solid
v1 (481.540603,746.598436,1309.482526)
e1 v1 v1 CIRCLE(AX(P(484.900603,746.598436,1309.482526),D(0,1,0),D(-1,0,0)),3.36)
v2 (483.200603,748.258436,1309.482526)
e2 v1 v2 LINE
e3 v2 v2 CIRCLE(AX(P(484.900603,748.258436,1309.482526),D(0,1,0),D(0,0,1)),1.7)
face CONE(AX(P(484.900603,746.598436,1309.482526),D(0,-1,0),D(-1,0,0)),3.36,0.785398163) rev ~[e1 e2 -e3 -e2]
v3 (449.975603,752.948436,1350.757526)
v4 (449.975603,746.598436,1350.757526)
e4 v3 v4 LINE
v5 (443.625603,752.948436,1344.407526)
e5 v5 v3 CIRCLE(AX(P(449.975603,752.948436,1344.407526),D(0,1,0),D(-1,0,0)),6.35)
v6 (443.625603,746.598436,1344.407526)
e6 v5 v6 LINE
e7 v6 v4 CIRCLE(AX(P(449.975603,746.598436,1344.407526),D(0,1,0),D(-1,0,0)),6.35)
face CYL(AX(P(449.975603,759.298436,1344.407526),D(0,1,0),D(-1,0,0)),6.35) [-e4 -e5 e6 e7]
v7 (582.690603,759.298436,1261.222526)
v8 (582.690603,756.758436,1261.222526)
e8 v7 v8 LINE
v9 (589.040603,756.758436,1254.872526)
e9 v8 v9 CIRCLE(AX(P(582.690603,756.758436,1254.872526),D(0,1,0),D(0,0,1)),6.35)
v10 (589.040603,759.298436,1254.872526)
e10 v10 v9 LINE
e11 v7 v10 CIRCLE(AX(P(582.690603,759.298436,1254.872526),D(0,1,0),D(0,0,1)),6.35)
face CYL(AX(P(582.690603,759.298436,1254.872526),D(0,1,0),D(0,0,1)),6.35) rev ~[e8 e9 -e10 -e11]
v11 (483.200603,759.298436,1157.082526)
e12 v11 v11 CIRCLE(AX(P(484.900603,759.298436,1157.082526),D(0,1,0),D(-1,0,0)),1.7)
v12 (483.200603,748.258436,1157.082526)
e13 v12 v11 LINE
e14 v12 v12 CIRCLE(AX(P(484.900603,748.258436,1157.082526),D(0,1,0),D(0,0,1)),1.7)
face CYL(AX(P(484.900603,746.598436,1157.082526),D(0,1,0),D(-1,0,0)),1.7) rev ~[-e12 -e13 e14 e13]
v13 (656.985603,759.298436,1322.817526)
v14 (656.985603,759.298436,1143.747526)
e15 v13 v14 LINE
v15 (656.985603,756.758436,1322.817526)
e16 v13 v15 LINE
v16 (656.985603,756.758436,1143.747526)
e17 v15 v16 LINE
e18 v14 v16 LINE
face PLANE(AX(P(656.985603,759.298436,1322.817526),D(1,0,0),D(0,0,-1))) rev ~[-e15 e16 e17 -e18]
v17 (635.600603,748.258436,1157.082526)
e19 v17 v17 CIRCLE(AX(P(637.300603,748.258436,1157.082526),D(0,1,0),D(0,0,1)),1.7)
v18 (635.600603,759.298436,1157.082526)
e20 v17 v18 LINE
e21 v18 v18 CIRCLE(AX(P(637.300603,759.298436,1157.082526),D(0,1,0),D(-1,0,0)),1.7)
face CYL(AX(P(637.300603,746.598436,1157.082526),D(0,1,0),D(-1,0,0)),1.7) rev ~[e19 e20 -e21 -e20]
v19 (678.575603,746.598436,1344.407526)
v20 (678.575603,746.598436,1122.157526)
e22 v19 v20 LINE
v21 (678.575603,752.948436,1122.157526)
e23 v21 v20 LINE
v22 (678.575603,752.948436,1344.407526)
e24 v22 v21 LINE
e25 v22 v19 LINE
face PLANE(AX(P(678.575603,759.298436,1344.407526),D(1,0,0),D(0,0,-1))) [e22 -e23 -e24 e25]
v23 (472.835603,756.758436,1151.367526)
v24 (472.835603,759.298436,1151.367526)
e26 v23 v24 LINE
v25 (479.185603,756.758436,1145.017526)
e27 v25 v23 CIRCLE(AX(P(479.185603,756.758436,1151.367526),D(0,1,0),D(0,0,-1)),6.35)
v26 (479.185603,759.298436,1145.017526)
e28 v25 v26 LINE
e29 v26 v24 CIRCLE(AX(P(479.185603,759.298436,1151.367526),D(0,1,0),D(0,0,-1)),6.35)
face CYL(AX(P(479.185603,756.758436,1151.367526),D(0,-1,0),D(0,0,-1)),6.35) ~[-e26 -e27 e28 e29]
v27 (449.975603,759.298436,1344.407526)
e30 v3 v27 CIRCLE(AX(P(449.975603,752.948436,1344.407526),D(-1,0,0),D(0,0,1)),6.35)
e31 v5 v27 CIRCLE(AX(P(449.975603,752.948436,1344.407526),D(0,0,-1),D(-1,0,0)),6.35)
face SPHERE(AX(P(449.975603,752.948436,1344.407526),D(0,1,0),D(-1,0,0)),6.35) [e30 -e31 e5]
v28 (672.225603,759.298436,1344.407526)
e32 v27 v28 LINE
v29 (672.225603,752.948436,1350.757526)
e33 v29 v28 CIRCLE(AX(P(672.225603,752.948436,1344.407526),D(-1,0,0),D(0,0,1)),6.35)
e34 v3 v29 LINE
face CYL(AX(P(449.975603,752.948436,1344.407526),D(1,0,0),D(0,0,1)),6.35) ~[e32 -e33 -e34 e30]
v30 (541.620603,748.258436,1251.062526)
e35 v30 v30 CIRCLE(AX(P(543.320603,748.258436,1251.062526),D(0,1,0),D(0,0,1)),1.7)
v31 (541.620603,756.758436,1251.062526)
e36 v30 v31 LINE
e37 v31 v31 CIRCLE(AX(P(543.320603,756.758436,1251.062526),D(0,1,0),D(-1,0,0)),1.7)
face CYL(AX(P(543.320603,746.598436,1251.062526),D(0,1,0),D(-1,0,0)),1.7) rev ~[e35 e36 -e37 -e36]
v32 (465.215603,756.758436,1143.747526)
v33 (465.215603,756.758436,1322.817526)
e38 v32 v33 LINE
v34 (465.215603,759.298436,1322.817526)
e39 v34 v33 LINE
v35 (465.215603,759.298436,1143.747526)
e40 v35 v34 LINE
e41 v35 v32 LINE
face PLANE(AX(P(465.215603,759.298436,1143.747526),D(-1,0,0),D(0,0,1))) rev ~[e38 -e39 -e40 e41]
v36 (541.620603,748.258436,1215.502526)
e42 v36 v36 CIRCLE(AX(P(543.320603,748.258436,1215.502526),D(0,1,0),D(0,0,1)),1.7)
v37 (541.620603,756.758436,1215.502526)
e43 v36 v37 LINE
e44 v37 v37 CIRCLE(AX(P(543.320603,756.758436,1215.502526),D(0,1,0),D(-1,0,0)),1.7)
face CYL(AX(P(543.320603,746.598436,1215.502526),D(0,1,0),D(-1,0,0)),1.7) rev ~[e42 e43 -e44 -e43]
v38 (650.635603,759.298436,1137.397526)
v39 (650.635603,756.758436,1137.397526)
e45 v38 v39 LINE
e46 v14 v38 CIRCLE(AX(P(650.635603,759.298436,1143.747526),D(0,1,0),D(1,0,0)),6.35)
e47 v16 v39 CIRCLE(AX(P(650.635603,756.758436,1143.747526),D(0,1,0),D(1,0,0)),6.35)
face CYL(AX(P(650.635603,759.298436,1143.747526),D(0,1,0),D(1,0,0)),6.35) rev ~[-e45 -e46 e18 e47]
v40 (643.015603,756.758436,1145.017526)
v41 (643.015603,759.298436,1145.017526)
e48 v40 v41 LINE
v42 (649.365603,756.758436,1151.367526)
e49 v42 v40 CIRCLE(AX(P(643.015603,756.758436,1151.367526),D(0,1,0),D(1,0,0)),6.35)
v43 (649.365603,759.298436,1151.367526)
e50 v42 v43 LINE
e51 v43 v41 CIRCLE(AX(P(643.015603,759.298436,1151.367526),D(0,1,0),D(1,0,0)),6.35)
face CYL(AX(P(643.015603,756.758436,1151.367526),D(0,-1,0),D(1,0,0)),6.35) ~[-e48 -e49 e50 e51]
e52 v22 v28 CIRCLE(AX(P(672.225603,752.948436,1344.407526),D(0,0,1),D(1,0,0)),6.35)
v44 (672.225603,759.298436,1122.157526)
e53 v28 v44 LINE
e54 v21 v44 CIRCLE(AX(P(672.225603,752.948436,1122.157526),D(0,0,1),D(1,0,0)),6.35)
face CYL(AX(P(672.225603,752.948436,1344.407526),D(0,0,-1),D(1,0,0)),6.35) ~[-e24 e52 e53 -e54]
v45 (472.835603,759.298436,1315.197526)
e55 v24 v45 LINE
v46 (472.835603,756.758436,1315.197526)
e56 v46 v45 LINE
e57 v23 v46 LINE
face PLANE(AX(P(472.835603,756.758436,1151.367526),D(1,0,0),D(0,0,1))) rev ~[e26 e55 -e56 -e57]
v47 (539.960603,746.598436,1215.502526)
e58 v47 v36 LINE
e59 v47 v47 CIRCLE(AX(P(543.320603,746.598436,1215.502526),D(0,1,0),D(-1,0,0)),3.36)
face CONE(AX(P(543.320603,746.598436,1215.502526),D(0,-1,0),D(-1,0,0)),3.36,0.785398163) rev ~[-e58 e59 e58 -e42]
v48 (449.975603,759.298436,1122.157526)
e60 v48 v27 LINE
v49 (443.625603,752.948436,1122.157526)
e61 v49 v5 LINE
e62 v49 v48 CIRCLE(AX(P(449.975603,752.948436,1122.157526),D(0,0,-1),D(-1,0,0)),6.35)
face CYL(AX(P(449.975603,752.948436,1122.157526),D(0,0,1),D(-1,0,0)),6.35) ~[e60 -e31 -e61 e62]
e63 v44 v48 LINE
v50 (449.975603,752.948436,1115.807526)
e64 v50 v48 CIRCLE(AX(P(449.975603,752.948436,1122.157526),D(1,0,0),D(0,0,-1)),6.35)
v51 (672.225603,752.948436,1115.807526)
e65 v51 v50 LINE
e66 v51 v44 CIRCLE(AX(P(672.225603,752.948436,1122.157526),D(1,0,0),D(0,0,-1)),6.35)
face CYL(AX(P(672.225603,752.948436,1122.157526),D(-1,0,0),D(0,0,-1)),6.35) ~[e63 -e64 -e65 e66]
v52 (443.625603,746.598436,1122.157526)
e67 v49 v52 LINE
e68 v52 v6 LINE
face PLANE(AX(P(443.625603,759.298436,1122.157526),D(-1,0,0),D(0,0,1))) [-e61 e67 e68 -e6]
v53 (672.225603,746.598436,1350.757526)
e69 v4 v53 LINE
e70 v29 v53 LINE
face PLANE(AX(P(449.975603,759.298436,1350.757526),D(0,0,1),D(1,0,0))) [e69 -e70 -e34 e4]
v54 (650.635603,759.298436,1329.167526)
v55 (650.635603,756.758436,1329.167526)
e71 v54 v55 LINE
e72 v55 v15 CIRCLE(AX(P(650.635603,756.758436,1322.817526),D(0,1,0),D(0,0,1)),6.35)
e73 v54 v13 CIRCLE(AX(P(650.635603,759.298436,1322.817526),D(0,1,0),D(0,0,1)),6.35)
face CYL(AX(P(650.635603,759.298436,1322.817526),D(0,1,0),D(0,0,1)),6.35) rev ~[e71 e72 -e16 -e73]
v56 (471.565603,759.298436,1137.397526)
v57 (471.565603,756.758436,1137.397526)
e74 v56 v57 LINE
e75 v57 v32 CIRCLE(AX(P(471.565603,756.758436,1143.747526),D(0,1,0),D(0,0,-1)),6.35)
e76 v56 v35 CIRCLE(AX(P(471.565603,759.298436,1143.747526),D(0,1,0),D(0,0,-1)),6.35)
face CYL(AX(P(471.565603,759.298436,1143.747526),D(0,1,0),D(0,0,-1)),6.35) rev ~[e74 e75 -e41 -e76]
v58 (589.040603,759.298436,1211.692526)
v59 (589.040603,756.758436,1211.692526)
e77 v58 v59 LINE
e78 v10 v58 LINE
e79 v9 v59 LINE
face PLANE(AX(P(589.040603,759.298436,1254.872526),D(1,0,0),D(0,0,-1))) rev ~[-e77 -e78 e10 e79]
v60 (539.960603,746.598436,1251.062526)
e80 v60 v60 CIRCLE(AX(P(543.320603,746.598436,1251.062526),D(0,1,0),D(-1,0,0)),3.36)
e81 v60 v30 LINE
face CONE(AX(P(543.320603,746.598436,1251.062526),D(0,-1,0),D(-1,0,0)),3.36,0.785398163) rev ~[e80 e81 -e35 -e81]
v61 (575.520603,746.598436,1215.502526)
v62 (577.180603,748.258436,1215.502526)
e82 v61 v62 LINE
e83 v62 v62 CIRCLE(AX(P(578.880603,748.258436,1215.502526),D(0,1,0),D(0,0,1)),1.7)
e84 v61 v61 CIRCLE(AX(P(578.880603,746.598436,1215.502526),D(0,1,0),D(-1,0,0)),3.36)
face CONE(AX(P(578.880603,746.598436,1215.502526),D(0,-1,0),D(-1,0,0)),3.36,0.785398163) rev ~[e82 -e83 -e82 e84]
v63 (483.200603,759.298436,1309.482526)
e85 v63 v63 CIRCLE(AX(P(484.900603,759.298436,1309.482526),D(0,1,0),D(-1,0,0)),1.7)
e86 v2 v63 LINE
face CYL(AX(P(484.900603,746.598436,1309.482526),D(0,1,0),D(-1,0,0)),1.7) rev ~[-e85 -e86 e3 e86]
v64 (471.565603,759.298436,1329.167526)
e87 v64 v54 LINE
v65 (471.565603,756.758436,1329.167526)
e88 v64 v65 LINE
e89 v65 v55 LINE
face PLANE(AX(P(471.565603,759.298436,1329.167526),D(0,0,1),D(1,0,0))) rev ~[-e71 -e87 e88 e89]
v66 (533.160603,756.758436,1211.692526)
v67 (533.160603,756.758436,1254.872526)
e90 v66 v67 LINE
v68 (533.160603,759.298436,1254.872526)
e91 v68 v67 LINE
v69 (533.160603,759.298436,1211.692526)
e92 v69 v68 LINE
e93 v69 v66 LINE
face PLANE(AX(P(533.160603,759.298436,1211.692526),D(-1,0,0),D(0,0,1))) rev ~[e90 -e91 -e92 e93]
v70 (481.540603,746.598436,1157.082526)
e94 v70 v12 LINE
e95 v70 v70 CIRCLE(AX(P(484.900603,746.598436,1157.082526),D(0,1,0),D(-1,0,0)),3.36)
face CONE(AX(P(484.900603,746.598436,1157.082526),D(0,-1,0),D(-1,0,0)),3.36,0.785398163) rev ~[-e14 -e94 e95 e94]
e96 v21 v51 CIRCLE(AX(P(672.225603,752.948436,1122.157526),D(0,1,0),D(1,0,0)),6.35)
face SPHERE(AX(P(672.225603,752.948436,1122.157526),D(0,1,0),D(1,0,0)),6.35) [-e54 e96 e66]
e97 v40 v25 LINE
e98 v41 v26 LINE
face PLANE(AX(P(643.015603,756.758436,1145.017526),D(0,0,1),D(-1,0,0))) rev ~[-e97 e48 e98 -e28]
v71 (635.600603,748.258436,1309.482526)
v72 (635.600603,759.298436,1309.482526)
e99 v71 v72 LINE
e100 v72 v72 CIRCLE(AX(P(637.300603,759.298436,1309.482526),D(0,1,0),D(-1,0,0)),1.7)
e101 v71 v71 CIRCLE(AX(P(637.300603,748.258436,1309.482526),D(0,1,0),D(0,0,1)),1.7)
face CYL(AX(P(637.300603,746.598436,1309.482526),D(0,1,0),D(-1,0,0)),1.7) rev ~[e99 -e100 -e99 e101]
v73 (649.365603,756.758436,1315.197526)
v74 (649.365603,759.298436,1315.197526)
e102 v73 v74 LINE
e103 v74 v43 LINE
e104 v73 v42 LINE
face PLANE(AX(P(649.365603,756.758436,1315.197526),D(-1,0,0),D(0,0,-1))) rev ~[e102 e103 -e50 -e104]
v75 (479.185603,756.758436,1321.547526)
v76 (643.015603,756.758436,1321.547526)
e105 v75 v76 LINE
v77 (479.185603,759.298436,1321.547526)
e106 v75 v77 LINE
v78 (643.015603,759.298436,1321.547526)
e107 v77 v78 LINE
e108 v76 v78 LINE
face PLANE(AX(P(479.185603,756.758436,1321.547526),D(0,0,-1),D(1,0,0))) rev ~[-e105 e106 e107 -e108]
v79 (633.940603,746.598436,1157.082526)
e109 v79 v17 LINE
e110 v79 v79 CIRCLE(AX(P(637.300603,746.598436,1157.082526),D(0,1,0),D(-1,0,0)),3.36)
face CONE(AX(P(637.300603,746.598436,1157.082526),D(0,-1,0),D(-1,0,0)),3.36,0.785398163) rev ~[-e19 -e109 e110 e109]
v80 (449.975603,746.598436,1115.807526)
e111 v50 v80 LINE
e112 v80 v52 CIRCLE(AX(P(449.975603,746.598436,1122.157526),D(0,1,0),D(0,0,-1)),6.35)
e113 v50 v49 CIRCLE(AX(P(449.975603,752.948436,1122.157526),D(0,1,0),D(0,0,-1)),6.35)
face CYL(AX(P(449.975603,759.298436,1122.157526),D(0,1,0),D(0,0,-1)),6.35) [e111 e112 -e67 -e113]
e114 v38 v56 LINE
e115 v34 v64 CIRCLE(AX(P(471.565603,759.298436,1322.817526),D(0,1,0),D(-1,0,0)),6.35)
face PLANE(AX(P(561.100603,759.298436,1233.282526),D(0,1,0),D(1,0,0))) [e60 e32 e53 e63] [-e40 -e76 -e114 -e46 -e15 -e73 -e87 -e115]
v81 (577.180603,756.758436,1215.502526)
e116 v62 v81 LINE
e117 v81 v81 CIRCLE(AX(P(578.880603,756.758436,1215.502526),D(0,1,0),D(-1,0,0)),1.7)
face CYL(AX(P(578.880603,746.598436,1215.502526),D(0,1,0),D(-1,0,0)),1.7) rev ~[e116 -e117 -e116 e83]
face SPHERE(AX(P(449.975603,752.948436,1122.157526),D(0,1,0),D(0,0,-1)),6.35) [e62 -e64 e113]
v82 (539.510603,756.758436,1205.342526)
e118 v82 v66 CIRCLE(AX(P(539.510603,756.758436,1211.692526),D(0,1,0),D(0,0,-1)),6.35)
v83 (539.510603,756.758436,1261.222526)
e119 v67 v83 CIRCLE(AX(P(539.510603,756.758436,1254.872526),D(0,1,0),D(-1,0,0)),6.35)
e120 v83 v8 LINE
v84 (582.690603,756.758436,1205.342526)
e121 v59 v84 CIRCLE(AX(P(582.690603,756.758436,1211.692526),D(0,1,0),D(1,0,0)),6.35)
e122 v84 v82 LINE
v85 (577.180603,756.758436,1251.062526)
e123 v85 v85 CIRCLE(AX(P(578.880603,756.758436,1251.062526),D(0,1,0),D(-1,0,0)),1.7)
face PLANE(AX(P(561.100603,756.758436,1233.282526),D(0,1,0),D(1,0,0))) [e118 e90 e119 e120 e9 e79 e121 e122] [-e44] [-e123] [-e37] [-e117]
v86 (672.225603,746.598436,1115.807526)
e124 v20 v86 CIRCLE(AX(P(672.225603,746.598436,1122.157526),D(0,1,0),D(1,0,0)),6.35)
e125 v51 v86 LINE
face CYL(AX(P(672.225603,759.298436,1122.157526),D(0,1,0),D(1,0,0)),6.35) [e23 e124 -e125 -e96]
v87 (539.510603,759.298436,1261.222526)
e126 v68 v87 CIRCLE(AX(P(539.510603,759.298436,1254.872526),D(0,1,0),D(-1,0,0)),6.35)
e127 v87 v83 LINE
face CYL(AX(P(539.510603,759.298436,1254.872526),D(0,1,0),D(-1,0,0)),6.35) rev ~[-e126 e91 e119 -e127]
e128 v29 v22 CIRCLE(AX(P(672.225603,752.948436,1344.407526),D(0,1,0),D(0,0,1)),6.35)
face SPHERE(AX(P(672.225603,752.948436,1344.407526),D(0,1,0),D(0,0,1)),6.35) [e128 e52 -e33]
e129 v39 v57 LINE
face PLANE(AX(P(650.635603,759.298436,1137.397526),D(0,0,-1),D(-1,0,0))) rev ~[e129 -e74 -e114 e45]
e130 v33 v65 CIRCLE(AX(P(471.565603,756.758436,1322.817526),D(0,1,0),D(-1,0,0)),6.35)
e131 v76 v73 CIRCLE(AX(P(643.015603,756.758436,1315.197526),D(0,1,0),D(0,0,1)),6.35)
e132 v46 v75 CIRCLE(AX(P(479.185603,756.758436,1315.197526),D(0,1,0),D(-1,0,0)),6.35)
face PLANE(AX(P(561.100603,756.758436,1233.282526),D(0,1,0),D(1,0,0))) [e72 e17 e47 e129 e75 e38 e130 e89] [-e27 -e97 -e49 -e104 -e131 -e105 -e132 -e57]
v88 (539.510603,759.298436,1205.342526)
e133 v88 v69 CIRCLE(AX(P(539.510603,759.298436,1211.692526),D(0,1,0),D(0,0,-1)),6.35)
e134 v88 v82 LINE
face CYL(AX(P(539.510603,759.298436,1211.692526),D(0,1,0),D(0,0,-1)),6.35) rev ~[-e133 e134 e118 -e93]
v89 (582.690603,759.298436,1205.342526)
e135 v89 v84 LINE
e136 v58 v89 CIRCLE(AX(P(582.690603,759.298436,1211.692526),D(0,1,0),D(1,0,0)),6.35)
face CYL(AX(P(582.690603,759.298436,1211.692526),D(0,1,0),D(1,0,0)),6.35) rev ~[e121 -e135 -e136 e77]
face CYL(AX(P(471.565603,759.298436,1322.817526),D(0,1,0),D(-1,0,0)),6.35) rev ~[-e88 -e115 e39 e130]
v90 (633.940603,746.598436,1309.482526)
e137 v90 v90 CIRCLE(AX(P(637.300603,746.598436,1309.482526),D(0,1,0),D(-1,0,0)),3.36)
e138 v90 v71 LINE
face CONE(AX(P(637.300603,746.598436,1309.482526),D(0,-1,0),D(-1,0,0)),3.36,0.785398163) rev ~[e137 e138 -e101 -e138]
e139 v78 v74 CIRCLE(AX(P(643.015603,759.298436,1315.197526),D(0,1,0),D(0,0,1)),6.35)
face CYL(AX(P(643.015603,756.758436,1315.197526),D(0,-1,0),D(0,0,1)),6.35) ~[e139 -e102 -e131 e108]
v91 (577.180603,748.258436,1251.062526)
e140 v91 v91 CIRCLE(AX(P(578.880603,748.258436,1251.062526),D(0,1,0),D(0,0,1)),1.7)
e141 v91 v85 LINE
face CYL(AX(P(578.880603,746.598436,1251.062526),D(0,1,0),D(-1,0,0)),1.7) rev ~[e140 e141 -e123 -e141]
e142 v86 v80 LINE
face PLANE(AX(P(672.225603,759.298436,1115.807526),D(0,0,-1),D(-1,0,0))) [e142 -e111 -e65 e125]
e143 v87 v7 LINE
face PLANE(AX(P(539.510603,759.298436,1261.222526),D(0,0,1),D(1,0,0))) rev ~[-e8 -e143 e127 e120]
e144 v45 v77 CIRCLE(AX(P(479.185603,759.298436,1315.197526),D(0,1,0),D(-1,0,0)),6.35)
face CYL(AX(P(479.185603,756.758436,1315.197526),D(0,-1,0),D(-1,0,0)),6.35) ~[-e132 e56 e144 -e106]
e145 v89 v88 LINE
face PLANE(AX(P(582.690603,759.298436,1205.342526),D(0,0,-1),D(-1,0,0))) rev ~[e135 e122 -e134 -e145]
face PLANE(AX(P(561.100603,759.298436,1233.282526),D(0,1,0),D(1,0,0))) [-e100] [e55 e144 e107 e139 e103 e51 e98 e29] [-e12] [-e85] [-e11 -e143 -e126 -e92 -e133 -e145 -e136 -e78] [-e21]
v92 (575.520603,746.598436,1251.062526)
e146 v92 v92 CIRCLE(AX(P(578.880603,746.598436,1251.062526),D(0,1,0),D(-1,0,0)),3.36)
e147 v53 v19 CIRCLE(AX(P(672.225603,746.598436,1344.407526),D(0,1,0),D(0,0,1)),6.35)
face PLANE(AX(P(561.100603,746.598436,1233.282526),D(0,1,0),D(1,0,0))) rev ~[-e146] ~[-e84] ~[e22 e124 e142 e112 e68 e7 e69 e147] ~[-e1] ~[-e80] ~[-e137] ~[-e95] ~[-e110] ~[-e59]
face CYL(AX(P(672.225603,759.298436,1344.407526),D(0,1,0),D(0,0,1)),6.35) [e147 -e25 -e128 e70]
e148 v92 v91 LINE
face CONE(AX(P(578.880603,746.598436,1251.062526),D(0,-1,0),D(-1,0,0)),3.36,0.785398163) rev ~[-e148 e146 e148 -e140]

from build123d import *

# Parameters (mm, degrees)
BOSS_EXTRUDE1_DEPTH                                  = 12.7
FILLET1_R                                            = 6.35
CUT_EXTRUDE1_DEPTH                                   = 2.54
BOSS_EXTRUDE2_DEPTH                                  = 2.54
CSK_FOR_M3_HEX_SOCKET_COUNTERSUNK_CAP_SC_D           = 3.4
CSK_FOR_M3_HEX_SOCKET_COUNTERSUNK_CAP_SC_CSINK_D     = 6.72
CSK_FOR_M3_HEX_SOCKET_COUNTERSUNK_CAP_SC_CSINK_ANGLE = 90
CUT_EXTRUDE2_DEPTH                                   = 2.54
CSK_FOR_M3_HEX_SOCKET_COUNTERSUNK_CA_2_D             = 3.4
CSK_FOR_M3_HEX_SOCKET_COUNTERSUNK_CA_2_CSINK_D       = 6.72
CSK_FOR_M3_HEX_SOCKET_COUNTERSUNK_CA_2_CSINK_ANGLE   = 90


with BuildPart() as part:
    # Sketch2 → Boss-Extrude1 (new body)
    with BuildSketch(Plane(origin=(0, 759.298436, 0), x_dir=(-1, 0, 0), z_dir=(0, -1, 0))):
        with BuildLine():
            Line((-449.975603201, -1350.757525912), (-672.225603201, -1350.757525912))
            ThreePointArc((-672.225603201, -1350.757525912), (-676.715731261, -1348.897653973), (-678.575603201, -1344.407525912))
            Line((-678.575603201, -1344.407525912), (-678.575603201, -1122.157525912))
            ThreePointArc((-678.575603201, -1122.157525912), (-676.715731261, -1117.667397852), (-672.225603201, -1115.807525912))
            Line((-672.225603201, -1115.807525912), (-449.975603201, -1115.807525912))
            ThreePointArc((-449.975603201, -1115.807525912), (-445.48547514, -1117.667397852), (-443.625603201, -1122.157525912))
            Line((-443.625603201, -1122.157525912), (-443.625603201, -1344.407525912))
            ThreePointArc((-443.625603201, -1344.407525912), (-445.48547514, -1348.897653973), (-449.975603201, -1350.757525912))
        make_face()
    extrude(amount=BOSS_EXTRUDE1_DEPTH)

    # Fillet1
    fillet1_edges = [part.edges().sort_by_distance(p)[0] for p in [
        (678.575603201, 759.298436, 1233.282525912),
        (676.715731261, 759.298436, 1117.667397852),
        (561.100603201, 759.298436, 1115.807525912),
        (445.48547514, 759.298436, 1117.667397852),
        (443.625603201, 759.298436, 1233.282525912),
        (445.48547514, 759.298436, 1348.897653973),
        (561.100603201, 759.298436, 1350.757525912),
        (676.715731261, 759.298436, 1348.897653973),
    ]]
    fillet(fillet1_edges, radius=FILLET1_R)

    # Sketch4 → Cut-Extrude1 (cut)
    with BuildSketch(Plane(origin=(0, 759.298436, 0), x_dir=(1, 0, 0), z_dir=(0, 1, 0))):
        with BuildLine():
            Line((471.565603201, -1329.167525912), (650.635603201, -1329.167525912))
            ThreePointArc((650.635603201, -1329.167525912), (655.125731261, -1327.307653973), (656.985603201, -1322.817525912))
            Line((656.985603201, -1322.817525912), (656.985603201, -1143.747525912))
            ThreePointArc((656.985603201, -1143.747525912), (655.125731261, -1139.257397852), (650.635603201, -1137.397525912))
            Line((650.635603201, -1137.397525912), (471.565603201, -1137.397525912))
            ThreePointArc((471.565603201, -1137.397525912), (467.07547514, -1139.257397852), (465.215603201, -1143.747525912))
            Line((465.215603201, -1143.747525912), (465.215603201, -1322.817525912))
            ThreePointArc((465.215603201, -1322.817525912), (467.07547514, -1327.307653973), (471.565603201, -1329.167525912))
        make_face()
    extrude(amount=-CUT_EXTRUDE1_DEPTH, mode=Mode.SUBTRACT)

    # Sketch5 → Boss-Extrude2 (add)
    with BuildSketch(Plane(origin=(0, 756.758436, 0), x_dir=(1, 0, 0), z_dir=(0, 1, 0))):
        with BuildLine():
            Line((479.185603201, -1321.547525912), (643.015603201, -1321.547525912))
            ThreePointArc((643.015603201, -1321.547525912), (647.505731261, -1319.687653973), (649.365603201, -1315.197525912))
            Line((649.365603201, -1315.197525912), (649.365603201, -1151.367525912))
            ThreePointArc((649.365603201, -1151.367525912), (647.505731261, -1146.877397852), (643.015603201, -1145.017525912))
            Line((643.015603201, -1145.017525912), (479.185603201, -1145.017525912))
            ThreePointArc((479.185603201, -1145.017525912), (474.69547514, -1146.877397852), (472.835603201, -1151.367525912))
            Line((472.835603201, -1151.367525912), (472.835603201, -1315.197525912))
            ThreePointArc((472.835603201, -1315.197525912), (474.69547514, -1319.687653973), (479.185603201, -1321.547525912))
        make_face()
    extrude(amount=BOSS_EXTRUDE2_DEPTH)

    # CSK for M3 Hex Socket Countersunk Cap Sc (through all)
    with Locations(Plane.XZ.offset(-746.598436)):
        with Locations((484.900603201, 1157.082525912), (484.900603201, 1309.482525912), (637.300603201, 1309.482525912), (637.300603201, 1157.082525912)):
            CounterSinkHole(CSK_FOR_M3_HEX_SOCKET_COUNTERSUNK_CAP_SC_D / 2, CSK_FOR_M3_HEX_SOCKET_COUNTERSUNK_CAP_SC_CSINK_D / 2, counter_sink_angle=CSK_FOR_M3_HEX_SOCKET_COUNTERSUNK_CAP_SC_CSINK_ANGLE)

    # Sketch11 → Cut-Extrude2 (cut)
    with BuildSketch(Plane(origin=(0, 759.298436, 0), x_dir=(1, 0, 0), z_dir=(0, 1, 0))):
        with BuildLine():
            Line((539.510603201, -1261.222525912), (582.690603201, -1261.222525912))
            ThreePointArc((582.690603201, -1261.222525912), (587.180731261, -1259.362653973), (589.040603201, -1254.872525912))
            Line((589.040603201, -1254.872525912), (589.040603201, -1211.692525912))
            ThreePointArc((589.040603201, -1211.692525912), (587.180731261, -1207.202397852), (582.690603201, -1205.342525912))
            Line((582.690603201, -1205.342525912), (539.510603201, -1205.342525912))
            ThreePointArc((539.510603201, -1205.342525912), (535.02047514, -1207.202397852), (533.160603201, -1211.692525912))
            Line((533.160603201, -1211.692525912), (533.160603201, -1254.872525912))
            ThreePointArc((533.160603201, -1254.872525912), (535.02047514, -1259.362653973), (539.510603201, -1261.222525912))
        make_face()
    extrude(amount=-CUT_EXTRUDE2_DEPTH, mode=Mode.SUBTRACT)

    # CSK for M3 Hex Socket Countersunk Ca 2 (through all)
    with Locations(Plane.XZ.offset(-746.598436)):
        with Locations((578.880603201, 1215.502525912), (543.320603201, 1215.502525912), (543.320603201, 1251.062525912), (578.880603201, 1251.062525912)):
            CounterSinkHole(CSK_FOR_M3_HEX_SOCKET_COUNTERSUNK_CA_2_D / 2, CSK_FOR_M3_HEX_SOCKET_COUNTERSUNK_CA_2_CSINK_D / 2, counter_sink_angle=CSK_FOR_M3_HEX_SOCKET_COUNTERSUNK_CA_2_CSINK_ANGLE)


solid = part.part
